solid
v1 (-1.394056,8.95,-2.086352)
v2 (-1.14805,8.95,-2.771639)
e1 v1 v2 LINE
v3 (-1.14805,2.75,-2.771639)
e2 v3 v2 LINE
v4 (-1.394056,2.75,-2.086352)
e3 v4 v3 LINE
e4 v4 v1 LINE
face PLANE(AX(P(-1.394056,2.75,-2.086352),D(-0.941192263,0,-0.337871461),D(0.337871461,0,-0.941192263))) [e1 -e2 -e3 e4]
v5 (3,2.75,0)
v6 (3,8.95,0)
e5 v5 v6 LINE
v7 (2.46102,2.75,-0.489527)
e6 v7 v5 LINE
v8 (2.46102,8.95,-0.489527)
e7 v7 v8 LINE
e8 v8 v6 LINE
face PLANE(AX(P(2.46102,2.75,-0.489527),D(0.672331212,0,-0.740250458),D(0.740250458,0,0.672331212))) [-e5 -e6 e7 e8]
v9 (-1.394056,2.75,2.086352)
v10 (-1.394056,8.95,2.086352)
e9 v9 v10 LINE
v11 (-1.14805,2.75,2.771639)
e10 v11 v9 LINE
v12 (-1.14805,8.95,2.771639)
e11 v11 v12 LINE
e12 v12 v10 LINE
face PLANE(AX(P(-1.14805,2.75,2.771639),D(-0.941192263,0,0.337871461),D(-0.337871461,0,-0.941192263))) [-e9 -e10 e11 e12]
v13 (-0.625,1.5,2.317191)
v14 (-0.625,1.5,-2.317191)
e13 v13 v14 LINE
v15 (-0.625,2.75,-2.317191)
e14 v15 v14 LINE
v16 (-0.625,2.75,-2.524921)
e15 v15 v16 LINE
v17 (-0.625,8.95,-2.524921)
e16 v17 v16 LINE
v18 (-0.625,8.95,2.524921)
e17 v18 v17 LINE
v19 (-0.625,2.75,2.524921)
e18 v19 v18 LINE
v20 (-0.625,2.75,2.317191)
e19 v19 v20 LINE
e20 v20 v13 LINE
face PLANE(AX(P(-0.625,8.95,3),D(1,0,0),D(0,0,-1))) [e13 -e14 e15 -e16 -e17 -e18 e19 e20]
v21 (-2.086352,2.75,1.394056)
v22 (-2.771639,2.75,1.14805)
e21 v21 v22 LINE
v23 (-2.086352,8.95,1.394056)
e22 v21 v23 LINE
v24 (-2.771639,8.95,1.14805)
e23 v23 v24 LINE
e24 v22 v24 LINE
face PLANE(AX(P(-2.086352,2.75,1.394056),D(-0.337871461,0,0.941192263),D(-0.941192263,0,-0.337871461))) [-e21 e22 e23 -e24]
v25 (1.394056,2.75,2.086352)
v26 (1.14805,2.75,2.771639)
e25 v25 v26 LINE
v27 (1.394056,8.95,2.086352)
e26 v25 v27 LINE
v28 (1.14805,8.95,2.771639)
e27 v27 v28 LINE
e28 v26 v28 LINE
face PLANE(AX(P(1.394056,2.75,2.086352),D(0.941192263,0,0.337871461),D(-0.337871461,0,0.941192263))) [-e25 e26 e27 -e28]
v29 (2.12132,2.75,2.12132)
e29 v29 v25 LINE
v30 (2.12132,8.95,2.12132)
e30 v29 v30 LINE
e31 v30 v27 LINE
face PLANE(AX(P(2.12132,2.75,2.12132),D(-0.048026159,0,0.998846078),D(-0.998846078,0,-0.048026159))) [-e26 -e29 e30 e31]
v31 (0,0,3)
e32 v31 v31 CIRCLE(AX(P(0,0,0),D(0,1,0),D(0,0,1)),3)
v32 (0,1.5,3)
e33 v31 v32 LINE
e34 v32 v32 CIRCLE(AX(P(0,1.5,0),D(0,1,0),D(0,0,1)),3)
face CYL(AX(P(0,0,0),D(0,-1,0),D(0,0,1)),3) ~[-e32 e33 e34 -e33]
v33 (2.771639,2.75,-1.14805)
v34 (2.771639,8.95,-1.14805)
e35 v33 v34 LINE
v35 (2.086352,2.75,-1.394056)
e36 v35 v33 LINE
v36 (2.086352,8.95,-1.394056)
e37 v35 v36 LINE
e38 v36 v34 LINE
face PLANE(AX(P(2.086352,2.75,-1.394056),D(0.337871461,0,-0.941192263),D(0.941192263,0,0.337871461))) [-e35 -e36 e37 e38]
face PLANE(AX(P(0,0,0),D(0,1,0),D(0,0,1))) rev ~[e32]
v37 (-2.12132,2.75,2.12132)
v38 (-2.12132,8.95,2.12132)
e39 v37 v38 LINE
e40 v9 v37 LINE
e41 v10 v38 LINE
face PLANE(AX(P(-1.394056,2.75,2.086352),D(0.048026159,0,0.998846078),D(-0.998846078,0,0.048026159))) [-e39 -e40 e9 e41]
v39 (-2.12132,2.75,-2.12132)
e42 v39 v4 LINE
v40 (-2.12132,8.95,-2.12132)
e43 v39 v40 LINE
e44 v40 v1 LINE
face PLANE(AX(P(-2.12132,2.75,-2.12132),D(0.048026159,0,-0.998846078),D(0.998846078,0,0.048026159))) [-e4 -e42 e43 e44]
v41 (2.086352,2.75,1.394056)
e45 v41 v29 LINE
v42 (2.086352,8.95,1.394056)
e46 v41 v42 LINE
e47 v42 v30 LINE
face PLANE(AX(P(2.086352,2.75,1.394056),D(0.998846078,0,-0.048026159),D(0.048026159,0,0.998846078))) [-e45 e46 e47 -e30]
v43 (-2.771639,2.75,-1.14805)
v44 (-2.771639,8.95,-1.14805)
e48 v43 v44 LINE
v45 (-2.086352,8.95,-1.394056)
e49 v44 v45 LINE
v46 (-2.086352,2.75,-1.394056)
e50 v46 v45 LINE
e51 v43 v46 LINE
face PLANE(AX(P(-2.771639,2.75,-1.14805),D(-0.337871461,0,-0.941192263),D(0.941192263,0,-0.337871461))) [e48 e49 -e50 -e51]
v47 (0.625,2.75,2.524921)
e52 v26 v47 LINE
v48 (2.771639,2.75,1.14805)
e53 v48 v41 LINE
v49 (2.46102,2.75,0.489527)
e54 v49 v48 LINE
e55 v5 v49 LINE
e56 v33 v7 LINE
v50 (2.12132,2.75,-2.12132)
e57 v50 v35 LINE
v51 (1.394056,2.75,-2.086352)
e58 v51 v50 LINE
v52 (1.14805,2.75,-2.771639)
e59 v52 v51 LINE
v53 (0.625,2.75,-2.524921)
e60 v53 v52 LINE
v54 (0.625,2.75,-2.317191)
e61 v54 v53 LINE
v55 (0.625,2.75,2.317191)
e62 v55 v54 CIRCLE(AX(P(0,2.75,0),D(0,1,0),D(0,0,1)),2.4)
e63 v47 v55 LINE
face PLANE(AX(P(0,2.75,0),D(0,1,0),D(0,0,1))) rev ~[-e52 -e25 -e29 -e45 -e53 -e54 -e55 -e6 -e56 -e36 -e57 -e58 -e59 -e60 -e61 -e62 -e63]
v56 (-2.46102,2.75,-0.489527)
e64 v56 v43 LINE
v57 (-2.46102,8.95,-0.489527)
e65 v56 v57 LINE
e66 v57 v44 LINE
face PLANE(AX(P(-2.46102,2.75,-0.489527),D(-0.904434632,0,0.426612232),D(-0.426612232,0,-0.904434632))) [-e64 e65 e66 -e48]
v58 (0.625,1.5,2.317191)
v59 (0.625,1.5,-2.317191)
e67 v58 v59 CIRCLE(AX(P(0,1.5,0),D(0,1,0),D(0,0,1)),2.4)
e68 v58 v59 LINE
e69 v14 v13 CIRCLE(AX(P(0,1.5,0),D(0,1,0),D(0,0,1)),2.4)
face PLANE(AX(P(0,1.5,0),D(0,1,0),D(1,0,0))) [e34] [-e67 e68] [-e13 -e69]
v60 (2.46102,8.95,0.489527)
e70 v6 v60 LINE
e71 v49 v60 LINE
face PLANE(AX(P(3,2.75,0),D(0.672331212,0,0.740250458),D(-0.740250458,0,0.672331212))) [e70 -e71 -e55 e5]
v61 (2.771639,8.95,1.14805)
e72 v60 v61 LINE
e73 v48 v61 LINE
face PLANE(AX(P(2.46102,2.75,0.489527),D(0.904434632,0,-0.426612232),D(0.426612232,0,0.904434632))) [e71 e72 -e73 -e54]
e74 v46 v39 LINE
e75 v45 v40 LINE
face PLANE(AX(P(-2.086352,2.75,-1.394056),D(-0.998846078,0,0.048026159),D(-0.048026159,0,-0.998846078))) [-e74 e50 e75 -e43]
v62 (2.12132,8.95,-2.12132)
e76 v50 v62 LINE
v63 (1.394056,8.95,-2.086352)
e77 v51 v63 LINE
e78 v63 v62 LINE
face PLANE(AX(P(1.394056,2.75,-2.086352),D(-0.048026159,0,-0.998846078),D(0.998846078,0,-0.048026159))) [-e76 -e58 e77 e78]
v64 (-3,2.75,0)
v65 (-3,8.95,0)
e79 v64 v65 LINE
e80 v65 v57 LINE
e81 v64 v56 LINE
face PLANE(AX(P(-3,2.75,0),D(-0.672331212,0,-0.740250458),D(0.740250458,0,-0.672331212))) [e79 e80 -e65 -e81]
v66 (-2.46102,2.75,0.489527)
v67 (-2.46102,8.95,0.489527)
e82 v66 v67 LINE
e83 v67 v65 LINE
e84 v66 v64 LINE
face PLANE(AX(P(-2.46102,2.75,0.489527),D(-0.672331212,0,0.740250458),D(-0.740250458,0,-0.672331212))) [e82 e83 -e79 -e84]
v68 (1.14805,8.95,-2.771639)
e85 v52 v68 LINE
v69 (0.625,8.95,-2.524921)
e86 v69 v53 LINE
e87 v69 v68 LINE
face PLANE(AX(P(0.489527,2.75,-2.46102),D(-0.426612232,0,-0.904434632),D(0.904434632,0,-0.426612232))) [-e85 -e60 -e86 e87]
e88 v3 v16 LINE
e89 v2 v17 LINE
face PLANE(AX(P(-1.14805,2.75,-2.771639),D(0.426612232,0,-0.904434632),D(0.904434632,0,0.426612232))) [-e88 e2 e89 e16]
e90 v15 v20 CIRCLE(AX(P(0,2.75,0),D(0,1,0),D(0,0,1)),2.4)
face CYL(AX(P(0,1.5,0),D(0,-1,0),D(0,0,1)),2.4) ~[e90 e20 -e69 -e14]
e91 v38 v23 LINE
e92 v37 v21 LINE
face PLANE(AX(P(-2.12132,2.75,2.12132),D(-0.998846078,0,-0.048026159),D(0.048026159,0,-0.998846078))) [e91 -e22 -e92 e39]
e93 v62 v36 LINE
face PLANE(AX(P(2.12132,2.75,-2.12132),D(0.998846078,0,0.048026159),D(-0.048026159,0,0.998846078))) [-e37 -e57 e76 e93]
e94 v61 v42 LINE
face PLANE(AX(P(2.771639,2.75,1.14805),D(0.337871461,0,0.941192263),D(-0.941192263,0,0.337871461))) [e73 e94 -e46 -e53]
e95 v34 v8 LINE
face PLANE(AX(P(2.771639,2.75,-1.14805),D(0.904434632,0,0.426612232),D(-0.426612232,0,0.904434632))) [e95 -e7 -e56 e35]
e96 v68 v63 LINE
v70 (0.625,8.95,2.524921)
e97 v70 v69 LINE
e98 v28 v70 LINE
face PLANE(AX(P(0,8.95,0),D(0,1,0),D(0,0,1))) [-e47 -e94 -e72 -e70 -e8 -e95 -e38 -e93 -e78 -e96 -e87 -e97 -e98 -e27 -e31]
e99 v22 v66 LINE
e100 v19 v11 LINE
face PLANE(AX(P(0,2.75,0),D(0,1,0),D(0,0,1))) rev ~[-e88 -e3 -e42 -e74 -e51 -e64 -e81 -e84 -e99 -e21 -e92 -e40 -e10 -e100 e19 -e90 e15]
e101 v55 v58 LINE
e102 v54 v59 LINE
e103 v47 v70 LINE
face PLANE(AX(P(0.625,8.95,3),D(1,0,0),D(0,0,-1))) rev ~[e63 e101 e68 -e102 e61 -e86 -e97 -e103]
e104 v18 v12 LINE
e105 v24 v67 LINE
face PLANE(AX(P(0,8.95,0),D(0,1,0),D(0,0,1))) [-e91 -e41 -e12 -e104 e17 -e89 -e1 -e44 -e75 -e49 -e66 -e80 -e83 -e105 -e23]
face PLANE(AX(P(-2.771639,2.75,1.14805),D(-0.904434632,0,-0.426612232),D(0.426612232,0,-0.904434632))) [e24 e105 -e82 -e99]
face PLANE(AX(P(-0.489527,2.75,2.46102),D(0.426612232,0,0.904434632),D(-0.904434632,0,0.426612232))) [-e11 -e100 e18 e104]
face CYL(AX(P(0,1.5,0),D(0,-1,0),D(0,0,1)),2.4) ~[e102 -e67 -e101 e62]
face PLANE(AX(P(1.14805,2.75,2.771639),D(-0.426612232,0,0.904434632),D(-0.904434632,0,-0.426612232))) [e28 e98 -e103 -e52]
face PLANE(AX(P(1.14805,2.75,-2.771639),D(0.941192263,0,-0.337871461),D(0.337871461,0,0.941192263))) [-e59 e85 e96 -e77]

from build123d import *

# Parameters (mm, degrees)
SKETCH1_R           = 3
BOSS_EXTRUDE1_DEPTH = 1.5
SKETCH2_R           = 2.4
BOSS_EXTRUDE2_DEPTH = 1.25
SKETCH4_R           = 3
BOSS_EXTRUDE3_DEPTH = 6.2
CUT_EXTRUDE1_START  = -6.2
CUT_EXTRUDE1_DEPTH  = 6.2
SKETCH6_W           = 1.25
SKETCH6_H           = 6
CUT_EXTRUDE2_DEPTH  = 7.45


with BuildPart() as part:
    # Sketch1 → Boss-Extrude1 (new body)
    with BuildSketch(Plane(origin=(0, 0, 0), x_dir=(1, 0, 0), z_dir=(0, 1, 0))):
        Circle(SKETCH1_R)
    extrude(amount=BOSS_EXTRUDE1_DEPTH)

    # Sketch2 → Boss-Extrude2 (add)
    with BuildSketch(Plane(origin=(0, 1.5, 0), x_dir=(1, 0, 0), z_dir=(0, 1, 0))):
        Circle(SKETCH2_R)
    extrude(amount=BOSS_EXTRUDE2_DEPTH)

    # Sketch4 → Boss-Extrude3 (add)
    with BuildSketch(Plane(origin=(0, 2.75, 0), x_dir=(1, 0, 0), z_dir=(0, 1, 0))):
        Circle(SKETCH4_R)
    extrude(amount=BOSS_EXTRUDE3_DEPTH)

    # Sketch5 → Cut-Extrude1 (cut)
    with BuildSketch(Plane(origin=(0, 8.95, 0), x_dir=(1, 0, 0), z_dir=(0, 1, 0)).offset(CUT_EXTRUDE1_START)):
        with BuildLine():
            ThreePointArc((2.771638598, -1.148050297), (2.942355841, -0.585270966), (3, 0))
            Line((3, 0), (2.461020315, -0.489527377))
            Line((2.461020315, -0.489527377), (2.771638598, -1.148050297))
        make_face()
        with BuildLine():
            Line((2.461020315, 0.489527377), (3, 0))
            ThreePointArc((3, 0), (2.942355841, 0.585270966), (2.771638598, 1.148050297))
            Line((2.771638598, 1.148050297), (2.461020315, 0.489527377))
        make_face()
        with BuildLine():
            Line((2.086352282, 1.394056026), (2.771638598, 1.148050297))
            ThreePointArc((2.771638598, 1.148050297), (2.494408837, 1.666710699), (2.121320344, 2.121320344))
            Line((2.121320344, 2.121320344), (2.086352282, 1.394056026))
        make_face()
        with BuildLine():
            ThreePointArc((2.121320344, -2.121320344), (2.494408837, -1.666710699), (2.771638598, -1.148050297))
            Line((2.771638598, -1.148050297), (2.086352282, -1.394056026))
            Line((2.086352282, -1.394056026), (2.121320344, -2.121320344))
        make_face()
        with BuildLine():
            Line((1.394056026, 2.086352282), (2.121320344, 2.121320344))
            ThreePointArc((2.121320344, 2.121320344), (1.666710699, 2.494408837), (1.148050297, 2.771638598))
            Line((1.148050297, 2.771638598), (1.394056026, 2.086352282))
        make_face()
        with BuildLine():
            ThreePointArc((1.148050297, -2.771638598), (1.666710699, -2.494408837), (2.121320344, -2.121320344))
            Line((2.121320344, -2.121320344), (1.394056026, -2.086352282))
            Line((1.394056026, -2.086352282), (1.148050297, -2.771638598))
        make_face()
        with BuildLine():
            Line((0.489527377, 2.461020315), (1.148050297, 2.771638598))
            ThreePointArc((1.148050297, 2.771638598), (0.585270966, 2.942355841), (0, 3))
            Line((0, 3), (0.489527377, 2.461020315))
        make_face()
        with BuildLine():
            ThreePointArc((0, -3), (0.585270966, -2.942355841), (1.148050297, -2.771638598))
            Line((1.148050297, -2.771638598), (0.489527377, -2.461020315))
            Line((0.489527377, -2.461020315), (0, -3))
        make_face()
        with BuildLine():
            Line((-0.489527377, 2.461020315), (0, 3))
            ThreePointArc((0, 3), (-0.585270966, 2.942355841), (-1.148050297, 2.771638598))
            Line((-1.148050297, 2.771638598), (-0.489527377, 2.461020315))
        make_face()
        with BuildLine():
            ThreePointArc((-1.148050297, -2.771638598), (-0.585270966, -2.942355841), (0, -3))
            Line((0, -3), (-0.489527377, -2.461020315))
            Line((-0.489527377, -2.461020315), (-1.148050297, -2.771638598))
        make_face()
        with BuildLine():
            Line((-1.394056026, 2.086352282), (-1.148050297, 2.771638598))
            ThreePointArc((-1.148050297, 2.771638598), (-1.666710699, 2.494408837), (-2.121320344, 2.121320344))
            Line((-2.121320344, 2.121320344), (-1.394056026, 2.086352282))
        make_face()
        with BuildLine():
            ThreePointArc((-2.121320344, -2.121320344), (-1.666710699, -2.494408837), (-1.148050297, -2.771638598))
            Line((-1.148050297, -2.771638598), (-1.394056026, -2.086352282))
            Line((-1.394056026, -2.086352282), (-2.121320344, -2.121320344))
        make_face()
        with BuildLine():
            Line((-2.086352282, 1.394056026), (-2.121320344, 2.121320344))
            ThreePointArc((-2.121320344, 2.121320344), (-2.494408837, 1.666710699), (-2.771638598, 1.148050297))
            Line((-2.771638598, 1.148050297), (-2.086352282, 1.394056026))
        make_face()
        with BuildLine():
            ThreePointArc((-2.771638598, -1.148050297), (-2.494408837, -1.666710699), (-2.121320344, -2.121320344))
            Line((-2.121320344, -2.121320344), (-2.086352282, -1.394056026))
            Line((-2.086352282, -1.394056026), (-2.771638598, -1.148050297))
        make_face()
        with BuildLine():
            Line((-2.461020315, 0.489527377), (-2.771638598, 1.148050297))
            ThreePointArc((-2.771638598, 1.148050297), (-2.942355841, 0.585270966), (-3, 0))
            Line((-3, 0), (-2.461020315, 0.489527377))
        make_face()
        with BuildLine():
            ThreePointArc((-3, 0), (-2.942355841, -0.585270966), (-2.771638598, -1.148050297))
            Line((-2.771638598, -1.148050297), (-2.461020315, -0.489527377))
            Line((-2.461020315, -0.489527377), (-3, 0))
        make_face()
    extrude(amount=CUT_EXTRUDE1_DEPTH, mode=Mode.SUBTRACT)

    # Sketch6 → Cut-Extrude2 (cut)
    with BuildSketch(Plane(origin=(0, 8.95, 0), x_dir=(1, 0, 0), z_dir=(0, 1, 0))):
        Rectangle(SKETCH6_W, SKETCH6_H)
    extrude(amount=-CUT_EXTRUDE2_DEPTH, mode=Mode.SUBTRACT)


solid = part.part
